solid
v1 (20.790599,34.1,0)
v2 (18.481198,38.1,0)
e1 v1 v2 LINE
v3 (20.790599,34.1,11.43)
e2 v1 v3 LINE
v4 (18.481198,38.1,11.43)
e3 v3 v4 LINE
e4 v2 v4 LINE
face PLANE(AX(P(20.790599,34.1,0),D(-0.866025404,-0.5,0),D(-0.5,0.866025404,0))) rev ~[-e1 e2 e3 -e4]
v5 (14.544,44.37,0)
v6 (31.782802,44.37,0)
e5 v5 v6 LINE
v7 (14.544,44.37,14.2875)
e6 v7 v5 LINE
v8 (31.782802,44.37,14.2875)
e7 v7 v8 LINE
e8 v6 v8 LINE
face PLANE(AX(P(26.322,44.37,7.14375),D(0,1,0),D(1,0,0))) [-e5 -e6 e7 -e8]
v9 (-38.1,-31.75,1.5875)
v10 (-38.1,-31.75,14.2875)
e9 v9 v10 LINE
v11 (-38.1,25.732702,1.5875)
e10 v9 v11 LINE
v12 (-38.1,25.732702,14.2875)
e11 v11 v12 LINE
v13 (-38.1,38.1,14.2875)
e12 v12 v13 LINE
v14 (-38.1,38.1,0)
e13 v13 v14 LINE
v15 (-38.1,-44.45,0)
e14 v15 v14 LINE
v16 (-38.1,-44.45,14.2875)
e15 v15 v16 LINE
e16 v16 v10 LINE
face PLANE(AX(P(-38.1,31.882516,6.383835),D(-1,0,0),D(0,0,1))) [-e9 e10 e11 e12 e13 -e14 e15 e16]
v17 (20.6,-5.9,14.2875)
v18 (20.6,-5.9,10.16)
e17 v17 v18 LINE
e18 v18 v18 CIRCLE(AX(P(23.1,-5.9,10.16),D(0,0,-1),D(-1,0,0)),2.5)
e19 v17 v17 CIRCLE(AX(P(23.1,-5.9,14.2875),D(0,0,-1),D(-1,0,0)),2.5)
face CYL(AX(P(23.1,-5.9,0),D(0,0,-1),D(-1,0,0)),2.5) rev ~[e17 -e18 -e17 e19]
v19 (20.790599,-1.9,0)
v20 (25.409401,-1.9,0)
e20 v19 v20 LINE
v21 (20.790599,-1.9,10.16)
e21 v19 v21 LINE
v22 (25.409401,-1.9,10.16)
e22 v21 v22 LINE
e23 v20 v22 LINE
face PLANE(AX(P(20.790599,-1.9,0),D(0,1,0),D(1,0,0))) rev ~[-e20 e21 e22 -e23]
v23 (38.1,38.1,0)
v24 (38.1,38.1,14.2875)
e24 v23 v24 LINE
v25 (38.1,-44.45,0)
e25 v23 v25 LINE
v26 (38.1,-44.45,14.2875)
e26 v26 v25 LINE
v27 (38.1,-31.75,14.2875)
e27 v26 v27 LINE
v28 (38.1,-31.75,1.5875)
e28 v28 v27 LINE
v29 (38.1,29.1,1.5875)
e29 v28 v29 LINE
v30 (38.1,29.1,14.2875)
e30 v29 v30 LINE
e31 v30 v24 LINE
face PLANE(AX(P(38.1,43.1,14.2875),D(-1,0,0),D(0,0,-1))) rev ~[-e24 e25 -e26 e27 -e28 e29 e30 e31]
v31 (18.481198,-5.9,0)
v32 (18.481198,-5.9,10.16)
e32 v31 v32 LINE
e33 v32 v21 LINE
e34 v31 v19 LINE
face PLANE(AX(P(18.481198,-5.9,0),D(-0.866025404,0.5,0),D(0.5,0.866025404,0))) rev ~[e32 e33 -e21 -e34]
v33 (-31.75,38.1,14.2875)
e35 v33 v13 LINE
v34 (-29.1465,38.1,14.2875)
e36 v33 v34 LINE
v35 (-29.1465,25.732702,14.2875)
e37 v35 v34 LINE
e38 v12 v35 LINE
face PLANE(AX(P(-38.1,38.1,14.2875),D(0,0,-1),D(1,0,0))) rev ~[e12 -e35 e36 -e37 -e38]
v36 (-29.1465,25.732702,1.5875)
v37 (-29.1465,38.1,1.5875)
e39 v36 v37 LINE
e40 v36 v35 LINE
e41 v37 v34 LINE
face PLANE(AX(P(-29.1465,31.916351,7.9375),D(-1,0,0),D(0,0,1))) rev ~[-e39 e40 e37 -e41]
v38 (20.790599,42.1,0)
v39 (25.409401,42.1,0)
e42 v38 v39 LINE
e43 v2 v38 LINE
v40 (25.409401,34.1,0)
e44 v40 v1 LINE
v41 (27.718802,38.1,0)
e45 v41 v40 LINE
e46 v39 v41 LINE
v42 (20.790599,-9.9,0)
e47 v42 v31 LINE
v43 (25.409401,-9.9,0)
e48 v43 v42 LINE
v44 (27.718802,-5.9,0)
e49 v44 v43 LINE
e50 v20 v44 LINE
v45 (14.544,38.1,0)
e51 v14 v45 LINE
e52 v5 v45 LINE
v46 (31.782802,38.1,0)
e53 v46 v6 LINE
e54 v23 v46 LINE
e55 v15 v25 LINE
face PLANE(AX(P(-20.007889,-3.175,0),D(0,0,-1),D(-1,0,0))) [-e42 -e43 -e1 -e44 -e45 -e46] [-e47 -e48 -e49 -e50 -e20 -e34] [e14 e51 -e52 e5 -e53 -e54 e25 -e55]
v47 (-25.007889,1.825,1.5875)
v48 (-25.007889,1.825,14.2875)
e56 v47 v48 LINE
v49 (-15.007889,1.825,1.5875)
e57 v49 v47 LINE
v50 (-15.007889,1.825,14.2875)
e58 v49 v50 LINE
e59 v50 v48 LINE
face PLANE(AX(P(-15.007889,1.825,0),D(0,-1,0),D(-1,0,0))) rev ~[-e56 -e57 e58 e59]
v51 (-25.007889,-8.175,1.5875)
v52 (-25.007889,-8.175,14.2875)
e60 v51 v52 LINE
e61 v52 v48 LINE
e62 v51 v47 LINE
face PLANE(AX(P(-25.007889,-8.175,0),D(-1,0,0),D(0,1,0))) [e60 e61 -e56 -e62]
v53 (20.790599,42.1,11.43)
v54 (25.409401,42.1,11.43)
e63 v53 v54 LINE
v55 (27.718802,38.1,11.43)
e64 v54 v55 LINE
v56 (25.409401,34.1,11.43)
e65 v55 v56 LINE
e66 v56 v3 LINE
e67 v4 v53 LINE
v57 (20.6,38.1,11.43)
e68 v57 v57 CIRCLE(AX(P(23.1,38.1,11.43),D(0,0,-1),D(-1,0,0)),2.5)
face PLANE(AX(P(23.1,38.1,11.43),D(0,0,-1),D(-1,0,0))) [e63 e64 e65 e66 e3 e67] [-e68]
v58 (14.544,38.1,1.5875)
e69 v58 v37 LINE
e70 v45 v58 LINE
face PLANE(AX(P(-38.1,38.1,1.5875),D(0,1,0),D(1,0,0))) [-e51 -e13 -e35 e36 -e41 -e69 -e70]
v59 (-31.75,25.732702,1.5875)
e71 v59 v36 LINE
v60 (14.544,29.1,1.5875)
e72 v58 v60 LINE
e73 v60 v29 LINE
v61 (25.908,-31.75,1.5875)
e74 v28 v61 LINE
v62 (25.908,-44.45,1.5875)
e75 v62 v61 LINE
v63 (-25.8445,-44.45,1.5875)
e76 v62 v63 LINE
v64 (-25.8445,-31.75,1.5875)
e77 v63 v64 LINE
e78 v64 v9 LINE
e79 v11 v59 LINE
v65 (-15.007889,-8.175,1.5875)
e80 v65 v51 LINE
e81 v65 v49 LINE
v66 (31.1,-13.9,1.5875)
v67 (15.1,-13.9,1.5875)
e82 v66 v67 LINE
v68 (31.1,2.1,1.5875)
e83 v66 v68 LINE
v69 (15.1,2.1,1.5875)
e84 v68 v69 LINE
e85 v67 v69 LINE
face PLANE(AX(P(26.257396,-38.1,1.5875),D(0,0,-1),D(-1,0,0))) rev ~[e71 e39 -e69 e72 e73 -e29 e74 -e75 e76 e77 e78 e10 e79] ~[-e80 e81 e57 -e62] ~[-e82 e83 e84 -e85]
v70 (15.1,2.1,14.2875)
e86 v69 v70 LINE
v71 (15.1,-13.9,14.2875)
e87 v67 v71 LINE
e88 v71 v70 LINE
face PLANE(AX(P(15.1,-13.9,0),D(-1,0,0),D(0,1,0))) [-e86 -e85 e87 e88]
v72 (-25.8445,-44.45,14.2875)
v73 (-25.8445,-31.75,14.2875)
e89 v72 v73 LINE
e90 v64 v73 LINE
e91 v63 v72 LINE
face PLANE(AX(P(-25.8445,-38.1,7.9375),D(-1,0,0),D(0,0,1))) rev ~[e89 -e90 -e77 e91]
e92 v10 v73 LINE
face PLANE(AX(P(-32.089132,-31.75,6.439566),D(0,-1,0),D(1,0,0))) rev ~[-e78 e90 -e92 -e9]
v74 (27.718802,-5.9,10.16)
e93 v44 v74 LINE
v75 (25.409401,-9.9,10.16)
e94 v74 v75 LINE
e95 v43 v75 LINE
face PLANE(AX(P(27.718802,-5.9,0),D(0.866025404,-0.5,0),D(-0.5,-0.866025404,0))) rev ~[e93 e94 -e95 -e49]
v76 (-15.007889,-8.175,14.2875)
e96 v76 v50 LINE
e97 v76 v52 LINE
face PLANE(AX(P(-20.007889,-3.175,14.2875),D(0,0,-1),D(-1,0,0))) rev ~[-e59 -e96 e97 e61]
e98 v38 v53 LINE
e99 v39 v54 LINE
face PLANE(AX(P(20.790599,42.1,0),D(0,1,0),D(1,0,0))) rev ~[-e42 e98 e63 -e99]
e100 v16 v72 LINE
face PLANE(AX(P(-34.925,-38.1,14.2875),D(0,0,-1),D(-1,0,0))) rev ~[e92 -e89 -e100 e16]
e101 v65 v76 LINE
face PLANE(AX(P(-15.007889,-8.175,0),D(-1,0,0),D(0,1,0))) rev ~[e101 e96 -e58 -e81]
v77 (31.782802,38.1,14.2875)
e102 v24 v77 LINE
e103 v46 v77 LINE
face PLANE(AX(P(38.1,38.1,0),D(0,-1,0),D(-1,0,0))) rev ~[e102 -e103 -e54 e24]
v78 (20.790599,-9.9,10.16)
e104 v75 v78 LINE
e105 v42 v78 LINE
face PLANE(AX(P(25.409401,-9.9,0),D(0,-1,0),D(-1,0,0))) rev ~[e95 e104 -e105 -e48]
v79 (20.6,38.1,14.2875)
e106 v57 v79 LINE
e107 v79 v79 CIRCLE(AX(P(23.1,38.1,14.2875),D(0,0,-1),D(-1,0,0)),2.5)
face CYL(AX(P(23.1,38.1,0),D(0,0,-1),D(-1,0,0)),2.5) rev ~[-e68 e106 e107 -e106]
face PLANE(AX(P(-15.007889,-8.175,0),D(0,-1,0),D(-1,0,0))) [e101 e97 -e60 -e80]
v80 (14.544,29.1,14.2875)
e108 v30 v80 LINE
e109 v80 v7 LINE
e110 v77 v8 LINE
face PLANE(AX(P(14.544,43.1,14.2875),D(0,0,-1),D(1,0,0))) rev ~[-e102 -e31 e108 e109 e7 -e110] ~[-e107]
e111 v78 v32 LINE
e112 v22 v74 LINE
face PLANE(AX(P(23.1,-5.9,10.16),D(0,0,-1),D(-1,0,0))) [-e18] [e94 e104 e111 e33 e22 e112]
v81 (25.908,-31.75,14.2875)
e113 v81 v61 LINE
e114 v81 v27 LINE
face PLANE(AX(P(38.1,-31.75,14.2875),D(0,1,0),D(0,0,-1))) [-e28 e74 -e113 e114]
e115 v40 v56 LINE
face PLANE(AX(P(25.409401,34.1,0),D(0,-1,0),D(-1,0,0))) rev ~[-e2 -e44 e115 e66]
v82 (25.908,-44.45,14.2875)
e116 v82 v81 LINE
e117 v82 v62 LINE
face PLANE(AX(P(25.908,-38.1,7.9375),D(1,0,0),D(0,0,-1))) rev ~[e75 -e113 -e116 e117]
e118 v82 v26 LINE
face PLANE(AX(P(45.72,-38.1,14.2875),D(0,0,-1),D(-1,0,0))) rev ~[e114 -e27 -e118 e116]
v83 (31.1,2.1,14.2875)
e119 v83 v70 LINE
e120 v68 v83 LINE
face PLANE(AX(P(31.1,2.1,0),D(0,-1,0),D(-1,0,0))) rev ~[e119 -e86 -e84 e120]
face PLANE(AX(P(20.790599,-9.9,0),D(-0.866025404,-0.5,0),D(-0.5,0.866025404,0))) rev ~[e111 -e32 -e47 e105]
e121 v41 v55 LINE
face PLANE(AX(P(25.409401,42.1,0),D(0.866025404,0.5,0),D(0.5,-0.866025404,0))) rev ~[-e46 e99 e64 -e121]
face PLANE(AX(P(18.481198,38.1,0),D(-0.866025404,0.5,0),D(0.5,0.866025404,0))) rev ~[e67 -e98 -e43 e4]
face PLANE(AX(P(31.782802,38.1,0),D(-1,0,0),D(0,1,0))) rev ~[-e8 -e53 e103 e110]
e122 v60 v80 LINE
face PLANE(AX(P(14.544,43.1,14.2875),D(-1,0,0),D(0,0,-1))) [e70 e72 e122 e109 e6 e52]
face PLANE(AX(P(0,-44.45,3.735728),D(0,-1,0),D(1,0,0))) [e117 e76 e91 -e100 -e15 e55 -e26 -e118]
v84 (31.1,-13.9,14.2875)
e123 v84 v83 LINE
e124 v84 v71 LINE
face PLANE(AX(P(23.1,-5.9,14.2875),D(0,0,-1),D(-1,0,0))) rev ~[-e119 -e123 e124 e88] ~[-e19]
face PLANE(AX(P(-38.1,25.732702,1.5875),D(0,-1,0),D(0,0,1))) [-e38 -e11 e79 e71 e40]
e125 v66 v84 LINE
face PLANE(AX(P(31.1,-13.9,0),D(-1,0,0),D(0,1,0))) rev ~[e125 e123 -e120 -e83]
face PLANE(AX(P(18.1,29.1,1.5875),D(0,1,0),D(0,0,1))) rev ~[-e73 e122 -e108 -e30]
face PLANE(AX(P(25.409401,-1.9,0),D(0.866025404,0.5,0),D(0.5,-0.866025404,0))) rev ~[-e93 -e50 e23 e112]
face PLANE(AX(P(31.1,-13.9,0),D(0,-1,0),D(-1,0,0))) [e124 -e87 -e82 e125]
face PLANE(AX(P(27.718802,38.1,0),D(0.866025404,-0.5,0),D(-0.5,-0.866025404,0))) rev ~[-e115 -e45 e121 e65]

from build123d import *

# Parameters (mm, degrees)
SKETCH1_W            = 76.2
SKETCH1_H            = 76.2
BOSS_EXTRUDE1_DEPTH  = 1.5875
SKETCH3_W            = 6.35
SKETCH3_H            = 3.175
SKETCH3_W_2          = 3.175
SKETCH3_H_2          = 6.35
BOSS_EXTRUDE2_DEPTH  = 12.7
SKETCH4_W            = 6.35
SKETCH4_H            = 14.2875
BOSS_EXTRUDE3_DEPTH  = 7.62
SKETCH5_W            = 14.2875
SKETCH5_H            = 6.35
BOSS_EXTRUDE4_DEPTH  = 7.62
SKETCH6_W            = 14.2875
SKETCH6_H            = 6.35
BOSS_EXTRUDE5_DEPTH  = 7.62
SKETCH7_R            = 1.984375
CUT_EXTRUDE2_DEPTH   = 67.217591743
BOSS_EXTRUDE6_DEPTH  = 76.2
CUT_EXTRUDE3_REACH   = 89.333
SKETCH9_W            = 63.5
SKETCH9_H            = 12.7
BOSS_EXTRUDE7_DEPTH  = 6.35
BOSS_EXTRUDE8_DEPTH  = 6.35
SKETCH12_W           = 7.62
SKETCH12_H           = 12.7
SKETCH12_R           = 1.984375
CUT_EXTRUDE4_DEPTH   = 30.48
SKETCH13_W           = 6.35
SKETCH13_H           = 7.62
CUT_EXTRUDE5_DEPTH   = 30.48
SKETCH15_W           = 6.35
SKETCH15_H           = 12.7
CUT_EXTRUDE6_DEPTH   = 30.48
BOSS_EXTRUDE9_DEPTH  = 14.2875
SKETCH17_R           = 2.5
CUT_EXTRUDE7_DEPTH   = 24.9555
SKETCH18_R           = 2.5
CUT_EXTRUDE8_DEPTH   = 11.43
BOSS_EXTRUDE10_DEPTH = 3.556
SKETCH20_W           = 16
SKETCH20_H           = 16
SKETCH20_R           = 2.5
BOSS_EXTRUDE11_DEPTH = 14.2875
SKETCH21_R           = 2.5
CUT_EXTRUDE9_DEPTH   = 31.0515
SKETCH22_R           = 2.5
CUT_EXTRUDE10_DEPTH  = 10.16
SKETCH23_W           = 23.556
SKETCH23_H           = 14.2875
BOSS_EXTRUDE12_DEPTH = 1.27
SKETCH24_W           = 6.35
SKETCH24_H           = 7.62
CUT_EXTRUDE11_DEPTH  = 30.988
SKETCH25_W           = 7.62
SKETCH25_H           = 12.7
CUT_EXTRUDE12_DEPTH  = 30.988
SKETCH26_W           = 12.7
SKETCH26_H           = 12.7
BOSS_EXTRUDE13_DEPTH = 12.192
SKETCH28_W           = 12.7
SKETCH28_H           = 12.7
BOSS_EXTRUDE15_DEPTH = 12.2555
SKETCH29_W           = 12.7
SKETCH29_H           = 12.367297847
BOSS_EXTRUDE16_DEPTH = 8.9535
SKETCH30_W           = 6.317197846
SKETCH30_H           = 6.27
CUT_EXTRUDE13_DEPTH  = 32.8295
SKETCH27_W           = 10
SKETCH27_H           = 10
BOSS_EXTRUDE17_DEPTH = 14.2875


with BuildPart() as part:
    # Sketch1 → Boss-Extrude1 (new body)
    with BuildSketch(Plane.XY):
        Rectangle(SKETCH1_W, SKETCH1_H)
    extrude(amount=BOSS_EXTRUDE1_DEPTH)

    # Sketch3 → Boss-Extrude2 (add)
    with BuildSketch(Plane.XY.offset(1.5875)):
        with Locations((-34.925, 36.5125)):
            Rectangle(SKETCH3_W, SKETCH3_H)
        with Locations((34.925, 36.5125)):
            Rectangle(SKETCH3_W, SKETCH3_H)
        with Locations((-36.5125, -34.925)):
            Rectangle(SKETCH3_W_2, SKETCH3_H_2)
        with Locations((36.5125, -34.925)):
            Rectangle(SKETCH3_W_2, SKETCH3_H_2)
    extrude(amount=BOSS_EXTRUDE2_DEPTH)

    # Sketch4 → Boss-Extrude3 (add)
    with BuildSketch(Plane(origin=(0, 38.1, 0), x_dir=(1, 0, 0), z_dir=(0, 1, 0))):
        with Locations((-34.925, -7.14375)):
            Rectangle(SKETCH4_W, SKETCH4_H)
        with Locations((34.925, -7.14375)):
            Rectangle(SKETCH4_W, SKETCH4_H)
    extrude(amount=BOSS_EXTRUDE3_DEPTH)

    # Sketch5 → Boss-Extrude4 (add)
    with BuildSketch(Plane(origin=(38.1, 0, 0), x_dir=(0, 0, -1), z_dir=(1, 0, 0))):
        with Locations((-7.14375, -34.925)):
            Rectangle(SKETCH5_W, SKETCH5_H)
    extrude(amount=BOSS_EXTRUDE4_DEPTH)

    # Sketch6 → Boss-Extrude5 (add)
    with BuildSketch(Plane.ZY.offset(38.1)):
        with Locations((7.14375, -34.925)):
            Rectangle(SKETCH6_W, SKETCH6_H)
    extrude(amount=BOSS_EXTRUDE5_DEPTH)

    # Sketch7 → Cut-Extrude2 (cut, through all)
    with BuildSketch(Plane(origin=(0, 0, 0), x_dir=(-1, 0, 0), z_dir=(0, 0, -1))):
        with Locations((-34.925, 41.39168957)):
            Circle(SKETCH7_R)
        with Locations((34.925, 41.39168957)):
            Circle(SKETCH7_R)
        with Locations((-41.275, -34.925)):
            Circle(SKETCH7_R)
        with Locations((41.275, -34.925)):
            Circle(SKETCH7_R)
    extrude(amount=-CUT_EXTRUDE2_DEPTH, mode=Mode.SUBTRACT)

    # Sketch8 → Boss-Extrude6 (add)
    with BuildSketch(Plane.ZY.offset(38.1)):
        Polygon((1.5875, 25.732702153), (14.2875, 34.925), (1.5875, 34.925), align=None)
    extrude(amount=-BOSS_EXTRUDE6_DEPTH)

    # Sketch9 → Cut-Extrude3 (cut, up to next)
    with BuildSketch(Plane(origin=(0, 34.925, 0), x_dir=(1, 0, 0), z_dir=(0, 1, 0)), mode=Mode.PRIVATE) as cut_extrude3_sk1:
        with Locations((0, -7.9375)):
            Rectangle(SKETCH9_W, SKETCH9_H)
    cut_extrude3_tool1 = extrude(cut_extrude3_sk1.sketch, amount=-CUT_EXTRUDE3_REACH, mode=Mode.PRIVATE) & part.part
    add(cut_extrude3_tool1.solids().sort_by_distance((0, 34.925, 7.9375))[0], mode=Mode.SUBTRACT)

    # Sketch10 → Boss-Extrude7 (add)
    with BuildSketch(Plane.XZ.offset(38.1)):
        Polygon((-26.257396371, 1.5875), (-34.925, 14.2875), (-34.925, 1.5875), align=None)
        Polygon((34.925, 14.2875), (26.257396371, 1.5875), (34.925, 1.5875), align=None)
    extrude(amount=-BOSS_EXTRUDE7_DEPTH)

    # Sketch11 → Boss-Extrude8 (add)
    with BuildSketch(Plane.XZ.offset(38.1)):
        Polygon((-45.72, 14.2875), (-45.72, 0), (45.72, 0), (45.72, 14.2875), (34.925, 14.2875), (26.257396371, 1.5875), (-26.257396371, 1.5875), (-34.925, 14.2875), align=None)
    extrude(amount=BOSS_EXTRUDE8_DEPTH)

    # Sketch12 → Cut-Extrude4 (cut)
    with BuildSketch(Plane(origin=(0, 0, 0), x_dir=(-1, 0, 0), z_dir=(0, 0, -1))):
        with Locations((-41.91, -38.1)):
            Rectangle(SKETCH12_W, SKETCH12_H)
        with Locations((-41.275, -34.925)):
            Circle(SKETCH12_R, mode=Mode.SUBTRACT)
    extrude(amount=-CUT_EXTRUDE4_DEPTH, mode=Mode.SUBTRACT)

    # Sketch13 → Cut-Extrude5 (cut)
    with BuildSketch(Plane(origin=(0, 0, 0), x_dir=(-1, 0, 0), z_dir=(0, 0, -1))):
        with Locations((-34.925, 41.91)):
            Rectangle(SKETCH13_W, SKETCH13_H)
    extrude(amount=-CUT_EXTRUDE5_DEPTH, mode=Mode.SUBTRACT)

    # Sketch15 → Cut-Extrude6 (cut)
    with BuildSketch(Plane(origin=(0, 38.1, 0), x_dir=(1, 0, 0), z_dir=(0, 1, 0))):
        with Locations((34.925, -7.9375)):
            Rectangle(SKETCH15_W, SKETCH15_H)
    extrude(amount=-CUT_EXTRUDE6_DEPTH, mode=Mode.SUBTRACT)

    # Sketch16 → Boss-Extrude9 (add)
    with BuildSketch(Plane(origin=(0, 0, 0), x_dir=(-1, 0, 0), z_dir=(0, 0, -1))):
        Polygon((-38.1, 38.1), (-38.1, 43.1), (-18.1, 43.1), (-18.1, 29.1), (-38.1, 29.1), align=None)
    extrude(amount=-BOSS_EXTRUDE9_DEPTH)

    # Sketch17 → Cut-Extrude7 (cut)
    with BuildSketch(Plane(origin=(0, 0, 0), x_dir=(-1, 0, 0), z_dir=(0, 0, -1))):
        with Locations((-23.1, 38.1)):
            Circle(SKETCH17_R)
    extrude(amount=-CUT_EXTRUDE7_DEPTH, mode=Mode.SUBTRACT)

    # Sketch18 → Cut-Extrude8 (cut)
    with BuildSketch(Plane(origin=(0, 0, 0), x_dir=(-1, 0, 0), z_dir=(0, 0, -1))):
        Polygon((-25.409401077, 34.1), (-20.790598923, 34.1), (-18.481197846, 38.1), (-20.790598923, 42.1), (-25.409401077, 42.1), (-27.718802154, 38.1), align=None)
        with Locations((-23.1, 38.1)):
            Circle(SKETCH18_R, mode=Mode.SUBTRACT)
    extrude(amount=-CUT_EXTRUDE8_DEPTH, mode=Mode.SUBTRACT)

    # Sketch19 → Boss-Extrude10 (add)
    with BuildSketch(Plane.ZY.offset(-18.1)):
        Polygon((1.5875, 29.1), (14.2875, 29.1), (14.2875, 43.1), (0, 43.1), (0, 38.1), (1.5875, 38.1), align=None)
    extrude(amount=BOSS_EXTRUDE10_DEPTH)

    # Sketch20 → Boss-Extrude11 (add)
    with BuildSketch(Plane(origin=(0, 0, 0), x_dir=(-1, 0, 0), z_dir=(0, 0, -1))):
        with Locations((-23.1, -5.9)):
            Rectangle(SKETCH20_W, SKETCH20_H)
        with Locations((-23.1, -5.9)):
            Circle(SKETCH20_R, mode=Mode.SUBTRACT)
    extrude(amount=-BOSS_EXTRUDE11_DEPTH)

    # Sketch21 → Cut-Extrude9 (cut)
    with BuildSketch(Plane(origin=(0, 0, 0), x_dir=(-1, 0, 0), z_dir=(0, 0, -1))):
        with Locations((-23.1, -5.9)):
            Circle(SKETCH21_R)
    extrude(amount=-CUT_EXTRUDE9_DEPTH, mode=Mode.SUBTRACT)

    # Sketch22 → Cut-Extrude10 (cut)
    with BuildSketch(Plane(origin=(0, 0, 0), x_dir=(-1, 0, 0), z_dir=(0, 0, -1))):
        Polygon((-25.409401077, -9.9), (-20.790598923, -9.9), (-18.481197846, -5.9), (-20.790598923, -1.9), (-25.409401077, -1.9), (-27.718802154, -5.9), align=None)
        with Locations((-23.1, -5.9)):
            Circle(SKETCH22_R, mode=Mode.SUBTRACT)
    extrude(amount=-CUT_EXTRUDE10_DEPTH, mode=Mode.SUBTRACT)

    # Sketch23 → Boss-Extrude12 (add)
    with BuildSketch(Plane(origin=(0, 43.1, 0), x_dir=(1, 0, 0), z_dir=(0, 1, 0))):
        with Locations((26.322, -7.14375)):
            Rectangle(SKETCH23_W, SKETCH23_H)
    extrude(amount=BOSS_EXTRUDE12_DEPTH)

    # Sketch24 → Cut-Extrude11 (cut)
    with BuildSketch(Plane(origin=(0, 0, 0), x_dir=(-1, 0, 0), z_dir=(0, 0, -1))):
        with Locations((34.925, 41.91)):
            Rectangle(SKETCH24_W, SKETCH24_H)
    extrude(amount=-CUT_EXTRUDE11_DEPTH, mode=Mode.SUBTRACT)

    # Sketch25 → Cut-Extrude12 (cut)
    with BuildSketch(Plane(origin=(0, 0, 0), x_dir=(-1, 0, 0), z_dir=(0, 0, -1))):
        with Locations((41.91, -38.1)):
            Rectangle(SKETCH25_W, SKETCH25_H)
    extrude(amount=-CUT_EXTRUDE12_DEPTH, mode=Mode.SUBTRACT)

    # Sketch26 → Boss-Extrude13 (add)
    with BuildSketch(Plane(origin=(38.1, 0, 0), x_dir=(0, 0, -1), z_dir=(1, 0, 0))):
        with Locations((-7.9375, -38.1)):
            Rectangle(SKETCH26_W, SKETCH26_H)
    extrude(amount=-BOSS_EXTRUDE13_DEPTH)

    # Sketch28 → Boss-Extrude15 (add)
    with BuildSketch(Plane.ZY.offset(38.1)):
        with Locations((7.9375, -38.1)):
            Rectangle(SKETCH28_W, SKETCH28_H)
    extrude(amount=-BOSS_EXTRUDE15_DEPTH)

    # Sketch29 → Boss-Extrude16 (add)
    with BuildSketch(Plane.ZY.offset(38.1)):
        with Locations((7.9375, 31.916351076)):
            Rectangle(SKETCH29_W, SKETCH29_H)
    extrude(amount=-BOSS_EXTRUDE16_DEPTH)

    # Sketch30 → Cut-Extrude13 (cut)
    with BuildSketch(Plane(origin=(0, 0, 0), x_dir=(-1, 0, 0), z_dir=(0, 0, -1))):
        with Locations((-34.941401077, 41.235)):
            Rectangle(SKETCH30_W, SKETCH30_H)
    extrude(amount=-CUT_EXTRUDE13_DEPTH, mode=Mode.SUBTRACT)

    # Sketch27 → Boss-Extrude17 (add)
    with BuildSketch(Plane(origin=(0, 0, 0), x_dir=(-1, 0, 0), z_dir=(0, 0, -1))):
        with Locations((20.007888644, -3.175)):
            Rectangle(SKETCH27_W, SKETCH27_H)
    extrude(amount=-BOSS_EXTRUDE17_DEPTH)


solid = part.part
